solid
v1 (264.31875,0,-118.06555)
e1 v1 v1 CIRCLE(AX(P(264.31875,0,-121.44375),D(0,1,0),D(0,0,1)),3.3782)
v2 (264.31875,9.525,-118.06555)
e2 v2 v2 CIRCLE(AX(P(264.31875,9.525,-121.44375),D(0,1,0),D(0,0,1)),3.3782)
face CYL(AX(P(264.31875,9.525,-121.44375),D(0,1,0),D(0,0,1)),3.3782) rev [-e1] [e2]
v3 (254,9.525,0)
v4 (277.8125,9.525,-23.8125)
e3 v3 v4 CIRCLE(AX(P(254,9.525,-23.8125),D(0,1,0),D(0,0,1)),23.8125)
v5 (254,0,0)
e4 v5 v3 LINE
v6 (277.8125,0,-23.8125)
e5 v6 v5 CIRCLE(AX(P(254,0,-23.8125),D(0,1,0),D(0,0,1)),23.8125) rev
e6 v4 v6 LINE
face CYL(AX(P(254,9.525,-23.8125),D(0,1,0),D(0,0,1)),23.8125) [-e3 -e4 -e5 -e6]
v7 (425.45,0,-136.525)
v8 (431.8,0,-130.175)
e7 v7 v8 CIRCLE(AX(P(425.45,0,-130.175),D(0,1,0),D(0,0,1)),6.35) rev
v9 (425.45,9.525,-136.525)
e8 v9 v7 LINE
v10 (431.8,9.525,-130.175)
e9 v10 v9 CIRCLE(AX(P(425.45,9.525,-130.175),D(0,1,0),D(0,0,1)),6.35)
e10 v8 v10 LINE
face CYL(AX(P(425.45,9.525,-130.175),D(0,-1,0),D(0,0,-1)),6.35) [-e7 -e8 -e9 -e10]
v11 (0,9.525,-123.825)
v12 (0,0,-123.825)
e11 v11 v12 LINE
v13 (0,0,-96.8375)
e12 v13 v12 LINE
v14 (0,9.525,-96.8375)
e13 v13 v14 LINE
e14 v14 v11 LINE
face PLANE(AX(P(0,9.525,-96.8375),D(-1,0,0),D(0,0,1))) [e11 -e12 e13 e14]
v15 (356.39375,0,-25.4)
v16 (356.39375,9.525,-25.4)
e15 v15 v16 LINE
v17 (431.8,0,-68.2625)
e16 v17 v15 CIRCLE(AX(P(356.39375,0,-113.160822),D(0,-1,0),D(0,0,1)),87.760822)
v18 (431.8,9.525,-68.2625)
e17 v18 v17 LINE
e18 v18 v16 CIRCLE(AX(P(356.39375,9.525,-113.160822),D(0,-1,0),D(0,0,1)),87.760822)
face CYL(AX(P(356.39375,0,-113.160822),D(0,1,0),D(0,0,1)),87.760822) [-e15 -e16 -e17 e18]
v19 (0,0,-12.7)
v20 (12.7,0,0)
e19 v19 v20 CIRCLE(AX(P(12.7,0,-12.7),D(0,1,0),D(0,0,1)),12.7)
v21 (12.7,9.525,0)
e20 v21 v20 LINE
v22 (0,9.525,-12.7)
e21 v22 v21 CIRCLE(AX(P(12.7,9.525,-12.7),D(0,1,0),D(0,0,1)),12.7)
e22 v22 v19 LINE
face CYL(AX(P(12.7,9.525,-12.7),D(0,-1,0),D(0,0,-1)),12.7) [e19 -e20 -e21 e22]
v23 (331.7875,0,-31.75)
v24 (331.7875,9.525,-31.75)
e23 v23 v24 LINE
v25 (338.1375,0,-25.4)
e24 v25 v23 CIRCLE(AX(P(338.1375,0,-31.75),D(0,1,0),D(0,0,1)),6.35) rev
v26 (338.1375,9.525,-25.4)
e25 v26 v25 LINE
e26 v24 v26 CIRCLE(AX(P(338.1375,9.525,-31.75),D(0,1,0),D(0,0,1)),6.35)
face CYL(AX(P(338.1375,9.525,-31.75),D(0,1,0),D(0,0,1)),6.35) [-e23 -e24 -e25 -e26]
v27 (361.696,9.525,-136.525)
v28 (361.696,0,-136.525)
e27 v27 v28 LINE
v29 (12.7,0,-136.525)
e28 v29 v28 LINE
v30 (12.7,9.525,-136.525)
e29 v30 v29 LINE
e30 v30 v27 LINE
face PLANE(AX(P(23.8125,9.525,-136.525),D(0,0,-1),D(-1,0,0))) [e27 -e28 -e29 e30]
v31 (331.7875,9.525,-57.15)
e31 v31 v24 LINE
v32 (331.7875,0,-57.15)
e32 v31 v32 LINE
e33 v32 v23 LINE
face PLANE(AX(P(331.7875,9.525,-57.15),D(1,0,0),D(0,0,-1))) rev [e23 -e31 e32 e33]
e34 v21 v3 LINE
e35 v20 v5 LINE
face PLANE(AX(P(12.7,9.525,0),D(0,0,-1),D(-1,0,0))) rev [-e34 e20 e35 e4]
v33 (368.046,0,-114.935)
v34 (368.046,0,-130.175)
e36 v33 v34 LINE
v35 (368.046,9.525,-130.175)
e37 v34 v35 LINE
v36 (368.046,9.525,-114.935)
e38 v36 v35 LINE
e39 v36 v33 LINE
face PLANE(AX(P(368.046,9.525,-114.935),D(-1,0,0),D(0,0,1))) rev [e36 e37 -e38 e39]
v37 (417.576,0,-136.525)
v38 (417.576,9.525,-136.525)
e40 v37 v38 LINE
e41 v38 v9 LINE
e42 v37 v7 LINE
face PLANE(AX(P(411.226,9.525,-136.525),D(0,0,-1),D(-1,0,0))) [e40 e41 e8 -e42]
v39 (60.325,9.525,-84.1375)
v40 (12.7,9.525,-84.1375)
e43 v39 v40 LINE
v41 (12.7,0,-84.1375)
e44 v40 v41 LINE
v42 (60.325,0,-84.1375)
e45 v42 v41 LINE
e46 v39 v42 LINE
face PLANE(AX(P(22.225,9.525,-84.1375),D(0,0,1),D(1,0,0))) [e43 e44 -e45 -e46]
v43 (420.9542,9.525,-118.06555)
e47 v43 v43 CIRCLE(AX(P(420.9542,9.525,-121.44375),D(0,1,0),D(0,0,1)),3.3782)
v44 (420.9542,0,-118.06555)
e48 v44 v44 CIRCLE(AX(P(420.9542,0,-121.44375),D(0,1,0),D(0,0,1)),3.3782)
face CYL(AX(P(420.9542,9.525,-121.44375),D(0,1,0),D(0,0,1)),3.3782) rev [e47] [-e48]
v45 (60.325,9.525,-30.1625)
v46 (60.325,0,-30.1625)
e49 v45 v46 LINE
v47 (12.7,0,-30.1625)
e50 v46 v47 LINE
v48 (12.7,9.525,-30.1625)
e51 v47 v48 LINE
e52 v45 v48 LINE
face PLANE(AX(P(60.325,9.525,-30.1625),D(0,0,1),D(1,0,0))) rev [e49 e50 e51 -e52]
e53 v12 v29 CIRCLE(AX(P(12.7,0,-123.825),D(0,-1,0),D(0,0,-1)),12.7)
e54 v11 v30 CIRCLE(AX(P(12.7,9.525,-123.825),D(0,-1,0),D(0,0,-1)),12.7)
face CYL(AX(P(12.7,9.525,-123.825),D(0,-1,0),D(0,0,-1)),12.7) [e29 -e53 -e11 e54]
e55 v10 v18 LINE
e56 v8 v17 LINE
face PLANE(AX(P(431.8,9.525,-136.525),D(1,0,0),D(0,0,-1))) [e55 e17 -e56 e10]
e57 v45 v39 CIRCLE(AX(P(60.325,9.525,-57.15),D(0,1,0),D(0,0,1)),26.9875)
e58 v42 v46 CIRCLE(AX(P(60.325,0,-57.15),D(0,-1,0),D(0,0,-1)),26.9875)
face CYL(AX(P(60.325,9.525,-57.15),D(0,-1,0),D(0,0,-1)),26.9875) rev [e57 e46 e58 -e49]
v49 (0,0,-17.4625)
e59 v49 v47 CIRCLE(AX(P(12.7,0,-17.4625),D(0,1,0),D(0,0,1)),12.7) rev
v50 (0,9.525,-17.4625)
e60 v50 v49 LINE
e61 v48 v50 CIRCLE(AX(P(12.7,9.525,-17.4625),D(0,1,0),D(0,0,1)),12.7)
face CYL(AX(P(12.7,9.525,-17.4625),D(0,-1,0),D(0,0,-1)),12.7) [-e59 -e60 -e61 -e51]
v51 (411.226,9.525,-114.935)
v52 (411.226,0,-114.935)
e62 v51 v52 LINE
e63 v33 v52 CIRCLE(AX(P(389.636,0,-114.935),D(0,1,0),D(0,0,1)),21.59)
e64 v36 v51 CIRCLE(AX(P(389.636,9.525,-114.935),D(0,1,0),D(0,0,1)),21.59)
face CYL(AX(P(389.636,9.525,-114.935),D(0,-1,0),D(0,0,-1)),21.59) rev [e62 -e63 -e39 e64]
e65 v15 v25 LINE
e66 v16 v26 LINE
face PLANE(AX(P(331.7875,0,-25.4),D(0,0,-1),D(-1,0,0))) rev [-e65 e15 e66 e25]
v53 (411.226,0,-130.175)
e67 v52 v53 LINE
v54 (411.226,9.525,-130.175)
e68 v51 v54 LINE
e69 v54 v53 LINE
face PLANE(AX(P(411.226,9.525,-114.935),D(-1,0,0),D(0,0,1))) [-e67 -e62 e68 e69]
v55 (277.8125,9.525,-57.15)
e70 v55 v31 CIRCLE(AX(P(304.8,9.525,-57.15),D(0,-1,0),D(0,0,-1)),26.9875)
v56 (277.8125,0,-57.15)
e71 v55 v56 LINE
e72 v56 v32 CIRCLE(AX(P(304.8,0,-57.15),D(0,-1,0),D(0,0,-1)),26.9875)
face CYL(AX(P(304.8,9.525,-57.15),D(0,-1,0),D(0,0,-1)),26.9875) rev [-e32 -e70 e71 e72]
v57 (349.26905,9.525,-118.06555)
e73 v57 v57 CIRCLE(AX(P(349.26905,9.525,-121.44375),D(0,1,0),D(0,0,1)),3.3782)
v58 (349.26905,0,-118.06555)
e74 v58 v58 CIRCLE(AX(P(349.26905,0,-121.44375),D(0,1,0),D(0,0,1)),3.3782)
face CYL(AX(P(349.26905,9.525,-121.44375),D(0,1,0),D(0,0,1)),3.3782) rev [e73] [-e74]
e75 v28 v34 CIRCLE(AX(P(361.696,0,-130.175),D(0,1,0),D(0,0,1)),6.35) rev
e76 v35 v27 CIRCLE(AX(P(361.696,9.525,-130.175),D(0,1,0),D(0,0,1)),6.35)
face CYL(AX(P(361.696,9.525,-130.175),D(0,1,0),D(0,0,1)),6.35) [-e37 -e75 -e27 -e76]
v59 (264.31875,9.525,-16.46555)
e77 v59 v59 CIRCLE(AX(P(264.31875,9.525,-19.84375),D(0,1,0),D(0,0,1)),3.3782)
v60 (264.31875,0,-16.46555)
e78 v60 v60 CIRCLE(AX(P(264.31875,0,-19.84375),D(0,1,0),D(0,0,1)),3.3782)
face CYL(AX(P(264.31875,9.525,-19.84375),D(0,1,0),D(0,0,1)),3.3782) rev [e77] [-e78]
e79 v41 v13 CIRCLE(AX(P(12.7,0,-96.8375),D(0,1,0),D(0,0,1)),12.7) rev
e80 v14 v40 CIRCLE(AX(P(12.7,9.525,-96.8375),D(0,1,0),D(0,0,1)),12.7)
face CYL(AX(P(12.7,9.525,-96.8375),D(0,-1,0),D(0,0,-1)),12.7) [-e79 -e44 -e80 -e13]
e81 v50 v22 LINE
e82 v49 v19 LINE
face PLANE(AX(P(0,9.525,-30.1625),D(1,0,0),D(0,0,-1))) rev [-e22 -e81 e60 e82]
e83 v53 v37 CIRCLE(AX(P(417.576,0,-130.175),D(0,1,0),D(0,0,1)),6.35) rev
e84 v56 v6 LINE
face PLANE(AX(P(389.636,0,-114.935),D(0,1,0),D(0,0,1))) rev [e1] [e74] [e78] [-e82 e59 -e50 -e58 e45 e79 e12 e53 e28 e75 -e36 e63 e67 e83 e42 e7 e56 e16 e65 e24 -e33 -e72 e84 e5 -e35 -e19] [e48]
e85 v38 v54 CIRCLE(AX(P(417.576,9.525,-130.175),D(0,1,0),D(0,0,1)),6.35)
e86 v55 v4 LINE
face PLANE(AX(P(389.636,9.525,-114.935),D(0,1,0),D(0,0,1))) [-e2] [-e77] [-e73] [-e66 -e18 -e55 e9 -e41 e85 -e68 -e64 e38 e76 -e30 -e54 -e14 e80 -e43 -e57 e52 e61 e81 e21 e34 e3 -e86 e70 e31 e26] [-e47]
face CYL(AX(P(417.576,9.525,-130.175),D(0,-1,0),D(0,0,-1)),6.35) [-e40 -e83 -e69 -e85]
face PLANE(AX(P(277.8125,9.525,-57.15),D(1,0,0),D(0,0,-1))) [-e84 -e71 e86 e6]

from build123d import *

# Parameters (mm, degrees)
BOSS_EXTRUDE2_DEPTH     = 9.525
CUT_EXTRUDE2_DEPTH      = 10.525
F_1_4_CLEARANCE_HOLE1_D = 6.7564
FILLET5_R               = 23.8125
FILLET6_R               = 12.7
FILLET7_R               = 6.35


with BuildPart() as part:
    # Sketch1 → Boss-Extrude2 (new body)
    with BuildSketch(Plane(origin=(0, 0, 0), x_dir=(1, 0, 0), z_dir=(0, 1, 0))):
        with BuildLine():
            Line((25.4, 0), (277.8125, 0))
            Line((277.8125, 0), (277.8125, 57.15))
            ThreePointArc((277.8125, 57.15), (304.8, 84.1375), (331.78749993, 57.15))
            Line((331.78749993, 57.15), (331.78749993, 0))
            Line((331.78749993, 0), (357.18749993, 0))
            ThreePointArc((357.18749993, 0), (407.751306336, 19.640432558), (431.8, 68.2625))
            Line((431.8, 68.2625), (431.8, 136.525))
            Line((431.8, 136.525), (411.226, 136.525))
            Line((411.226, 136.525), (411.226, 114.935))
            ThreePointArc((411.226, 114.935), (389.636, 93.345), (368.046, 114.935))
            Line((368.046, 114.935), (368.046, 136.525))
            Line((368.046, 136.525), (23.8125, 136.525))
            Line((23.8125, 136.525), (12.7, 136.525))
            ThreePointArc((12.7, 136.525), (3.719743879, 132.805256121), (0, 123.825))
            Line((0, 123.825), (0, 96.8375))
            Line((0, 96.8375), (0, 84.1375))
            Line((0, 84.1375), (22.225, 84.1375))
            Line((22.225, 84.1375), (60.325, 84.1375))
            ThreePointArc((60.325, 84.1375), (79.408044257, 76.233044257), (87.3125, 57.15))
            ThreePointArc((87.3125, 57.15), (79.408044257, 38.066955743), (60.325, 30.1625))
            Line((60.325, 30.1625), (22.225, 30.1625))
            Line((22.225, 30.1625), (0, 30.1625))
            Line((0, 30.1625), (0, 17.4625))
            Line((0, 17.4625), (0, 12.7))
            ThreePointArc((0, 12.7), (3.719743879, 3.719743879), (12.7, 0))
            Line((12.7, 0), (25.4, 0))
        make_face()
    extrude(amount=BOSS_EXTRUDE2_DEPTH)

    # Sketch2 → Cut-Extrude2 (cut, through all)
    with BuildSketch(Plane(origin=(0, 9.525, 0), x_dir=(1, 0, 0), z_dir=(0, 1, 0))):
        with BuildLine():
            Line((331.78749993, 0), (331.78749993, 25.4))
            Line((331.78749993, 25.4), (356.39375, 25.4))
            ThreePointArc((356.39375, 25.4), (399.762219091, 36.86444095), (431.8, 68.2625))
            ThreePointArc((431.8, 68.2625), (407.751306336, 19.640432558), (357.18749993, 0))
            Line((357.18749993, 0), (331.78749993, 0))
        make_face()
    extrude(amount=-CUT_EXTRUDE2_DEPTH, mode=Mode.SUBTRACT)

    # 1/4 Clearance Hole1 (through all)
    with Locations(Plane(origin=(0, 9.525, 0), x_dir=(1, 0, 0), z_dir=(0, 1, 0))):
        with Locations((420.9542, 121.44375), (349.26905, 121.44375), (264.318750035, 121.44375), (264.318750035, 19.84375)):
            Hole(F_1_4_CLEARANCE_HOLE1_D / 2)

    # Fillet5
    fillet5_edges = [part.edges().sort_by_distance(p)[0] for p in [
        (277.8125, 4.7625, 0),
    ]]
    fillet(fillet5_edges, radius=FILLET5_R)

    # Fillet6
    fillet6_edges = [part.edges().sort_by_distance(p)[0] for p in [
        (0, 4.7625, -84.1375),
        (0, 4.7625, -30.1625),
    ]]
    fillet(fillet6_edges, radius=FILLET6_R)

    # Fillet7
    fillet7_edges = [part.edges().sort_by_distance(p)[0] for p in [
        (431.8, 4.7625, -136.525),
        (411.226, 4.7625, -136.525),
        (368.046, 4.7625, -136.525),
        (331.78749993, 4.7625, -25.4),
    ]]
    fillet(fillet7_edges, radius=FILLET7_R)


solid = part.part
